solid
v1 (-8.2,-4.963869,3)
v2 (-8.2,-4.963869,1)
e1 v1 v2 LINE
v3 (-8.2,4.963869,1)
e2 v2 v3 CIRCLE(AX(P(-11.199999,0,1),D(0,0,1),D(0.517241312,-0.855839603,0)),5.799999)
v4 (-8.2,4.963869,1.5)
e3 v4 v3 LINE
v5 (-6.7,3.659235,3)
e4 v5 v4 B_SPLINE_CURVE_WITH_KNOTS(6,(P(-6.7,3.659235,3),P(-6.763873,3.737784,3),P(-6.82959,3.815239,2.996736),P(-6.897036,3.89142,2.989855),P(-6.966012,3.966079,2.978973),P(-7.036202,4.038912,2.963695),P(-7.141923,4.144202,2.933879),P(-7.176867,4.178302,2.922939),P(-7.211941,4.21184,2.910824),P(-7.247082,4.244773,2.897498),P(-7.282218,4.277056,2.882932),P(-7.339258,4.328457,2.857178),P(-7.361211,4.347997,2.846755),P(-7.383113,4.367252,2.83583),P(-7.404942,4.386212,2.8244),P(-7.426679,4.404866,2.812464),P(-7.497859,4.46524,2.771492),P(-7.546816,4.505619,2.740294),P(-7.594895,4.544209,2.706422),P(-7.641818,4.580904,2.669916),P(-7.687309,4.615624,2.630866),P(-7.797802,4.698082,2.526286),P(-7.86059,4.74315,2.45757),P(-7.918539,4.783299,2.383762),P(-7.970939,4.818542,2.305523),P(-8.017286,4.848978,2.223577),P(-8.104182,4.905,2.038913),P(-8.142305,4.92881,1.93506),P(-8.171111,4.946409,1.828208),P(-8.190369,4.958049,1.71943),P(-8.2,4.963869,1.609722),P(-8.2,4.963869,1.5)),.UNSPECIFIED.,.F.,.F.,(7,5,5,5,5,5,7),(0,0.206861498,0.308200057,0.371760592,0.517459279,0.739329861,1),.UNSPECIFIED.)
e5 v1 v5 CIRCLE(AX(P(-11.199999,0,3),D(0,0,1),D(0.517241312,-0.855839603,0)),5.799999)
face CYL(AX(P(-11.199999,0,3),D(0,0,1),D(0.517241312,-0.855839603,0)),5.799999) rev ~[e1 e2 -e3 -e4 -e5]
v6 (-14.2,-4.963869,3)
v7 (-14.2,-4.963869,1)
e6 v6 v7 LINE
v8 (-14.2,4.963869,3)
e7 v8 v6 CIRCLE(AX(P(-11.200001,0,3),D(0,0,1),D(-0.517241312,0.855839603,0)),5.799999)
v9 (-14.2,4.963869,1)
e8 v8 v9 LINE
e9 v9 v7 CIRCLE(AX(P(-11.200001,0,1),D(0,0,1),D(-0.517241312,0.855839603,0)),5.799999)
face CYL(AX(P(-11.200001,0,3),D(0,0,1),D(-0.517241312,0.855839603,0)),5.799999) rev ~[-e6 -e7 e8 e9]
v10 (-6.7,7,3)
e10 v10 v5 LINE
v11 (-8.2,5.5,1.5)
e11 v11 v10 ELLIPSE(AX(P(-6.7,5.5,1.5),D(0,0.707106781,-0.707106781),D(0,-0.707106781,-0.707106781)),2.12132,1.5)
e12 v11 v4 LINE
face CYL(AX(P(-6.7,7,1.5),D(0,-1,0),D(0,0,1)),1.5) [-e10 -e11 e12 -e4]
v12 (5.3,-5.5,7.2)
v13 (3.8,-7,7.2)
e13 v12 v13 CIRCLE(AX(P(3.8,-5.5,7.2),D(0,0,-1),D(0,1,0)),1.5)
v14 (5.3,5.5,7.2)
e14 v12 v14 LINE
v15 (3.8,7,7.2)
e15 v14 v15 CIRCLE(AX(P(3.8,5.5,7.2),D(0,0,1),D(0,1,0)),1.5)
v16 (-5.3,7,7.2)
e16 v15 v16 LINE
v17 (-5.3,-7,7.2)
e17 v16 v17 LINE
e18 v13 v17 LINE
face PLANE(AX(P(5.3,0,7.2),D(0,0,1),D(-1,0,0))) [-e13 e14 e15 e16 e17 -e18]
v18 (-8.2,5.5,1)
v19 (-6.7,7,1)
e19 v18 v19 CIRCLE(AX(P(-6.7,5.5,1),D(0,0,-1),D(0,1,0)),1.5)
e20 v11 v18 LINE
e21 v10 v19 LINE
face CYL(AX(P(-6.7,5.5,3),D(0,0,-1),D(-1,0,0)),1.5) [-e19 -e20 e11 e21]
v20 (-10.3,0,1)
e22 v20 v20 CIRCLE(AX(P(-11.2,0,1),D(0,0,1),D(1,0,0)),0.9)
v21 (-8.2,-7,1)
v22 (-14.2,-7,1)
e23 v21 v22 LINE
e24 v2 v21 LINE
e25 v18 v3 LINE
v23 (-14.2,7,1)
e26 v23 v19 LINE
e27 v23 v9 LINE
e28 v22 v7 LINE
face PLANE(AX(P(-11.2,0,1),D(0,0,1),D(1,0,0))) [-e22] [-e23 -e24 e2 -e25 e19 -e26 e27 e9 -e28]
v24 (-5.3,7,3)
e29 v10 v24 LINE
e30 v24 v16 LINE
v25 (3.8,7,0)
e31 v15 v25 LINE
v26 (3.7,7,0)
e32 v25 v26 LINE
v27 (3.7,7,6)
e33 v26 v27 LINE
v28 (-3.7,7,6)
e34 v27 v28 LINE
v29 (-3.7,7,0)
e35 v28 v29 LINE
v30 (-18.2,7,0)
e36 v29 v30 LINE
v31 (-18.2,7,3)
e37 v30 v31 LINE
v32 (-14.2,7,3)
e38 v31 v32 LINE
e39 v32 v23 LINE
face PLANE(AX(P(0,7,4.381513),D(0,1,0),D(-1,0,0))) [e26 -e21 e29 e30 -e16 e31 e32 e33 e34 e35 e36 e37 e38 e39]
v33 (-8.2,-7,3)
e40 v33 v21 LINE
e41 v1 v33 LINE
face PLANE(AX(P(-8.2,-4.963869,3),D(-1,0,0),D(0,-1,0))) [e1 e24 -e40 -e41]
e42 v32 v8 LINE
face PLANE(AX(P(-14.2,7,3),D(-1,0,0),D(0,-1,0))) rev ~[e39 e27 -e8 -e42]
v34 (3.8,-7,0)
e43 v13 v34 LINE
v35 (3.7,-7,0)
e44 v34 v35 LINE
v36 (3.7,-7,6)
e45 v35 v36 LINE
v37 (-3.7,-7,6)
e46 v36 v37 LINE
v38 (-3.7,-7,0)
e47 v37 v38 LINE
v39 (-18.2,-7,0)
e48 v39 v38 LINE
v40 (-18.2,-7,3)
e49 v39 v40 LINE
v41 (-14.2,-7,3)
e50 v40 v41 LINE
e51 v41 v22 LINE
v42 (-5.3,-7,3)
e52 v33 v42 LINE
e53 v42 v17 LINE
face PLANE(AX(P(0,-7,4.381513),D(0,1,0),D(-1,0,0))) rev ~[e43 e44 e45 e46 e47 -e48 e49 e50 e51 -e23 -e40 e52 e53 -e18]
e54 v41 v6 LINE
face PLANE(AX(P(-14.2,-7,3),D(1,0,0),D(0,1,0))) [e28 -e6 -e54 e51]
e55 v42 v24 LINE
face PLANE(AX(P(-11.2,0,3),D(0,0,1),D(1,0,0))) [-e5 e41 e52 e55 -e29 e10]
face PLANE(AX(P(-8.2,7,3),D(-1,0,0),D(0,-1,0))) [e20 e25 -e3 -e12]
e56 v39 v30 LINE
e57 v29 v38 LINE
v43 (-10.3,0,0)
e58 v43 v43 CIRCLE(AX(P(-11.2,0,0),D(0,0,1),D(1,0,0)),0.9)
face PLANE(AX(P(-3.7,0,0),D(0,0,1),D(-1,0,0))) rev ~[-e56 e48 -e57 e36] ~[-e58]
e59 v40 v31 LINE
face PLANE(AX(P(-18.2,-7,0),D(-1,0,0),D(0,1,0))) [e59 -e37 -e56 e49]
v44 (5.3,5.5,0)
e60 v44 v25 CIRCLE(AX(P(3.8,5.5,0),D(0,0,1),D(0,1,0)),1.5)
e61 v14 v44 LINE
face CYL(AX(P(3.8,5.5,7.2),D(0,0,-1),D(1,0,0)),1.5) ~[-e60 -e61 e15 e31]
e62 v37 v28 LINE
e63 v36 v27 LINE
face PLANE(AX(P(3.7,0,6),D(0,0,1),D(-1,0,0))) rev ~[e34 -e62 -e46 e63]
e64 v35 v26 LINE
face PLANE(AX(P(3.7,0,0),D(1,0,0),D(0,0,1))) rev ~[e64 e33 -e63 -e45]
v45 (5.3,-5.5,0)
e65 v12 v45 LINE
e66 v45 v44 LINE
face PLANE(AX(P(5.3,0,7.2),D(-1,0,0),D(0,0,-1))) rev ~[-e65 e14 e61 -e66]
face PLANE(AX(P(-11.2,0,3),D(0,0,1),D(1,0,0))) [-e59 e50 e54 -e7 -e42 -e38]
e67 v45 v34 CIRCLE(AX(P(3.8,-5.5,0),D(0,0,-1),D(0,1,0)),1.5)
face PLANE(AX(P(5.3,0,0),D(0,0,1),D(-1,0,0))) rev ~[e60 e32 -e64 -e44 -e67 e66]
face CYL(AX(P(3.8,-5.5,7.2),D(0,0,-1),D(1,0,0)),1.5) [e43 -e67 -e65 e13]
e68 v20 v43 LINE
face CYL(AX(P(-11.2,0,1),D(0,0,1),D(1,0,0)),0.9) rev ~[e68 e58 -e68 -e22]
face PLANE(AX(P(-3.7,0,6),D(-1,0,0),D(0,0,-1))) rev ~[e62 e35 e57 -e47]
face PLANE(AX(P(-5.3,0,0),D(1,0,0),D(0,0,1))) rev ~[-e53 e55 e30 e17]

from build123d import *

# Parameters (mm, degrees)
PAD_DEPTH       = 7
SKETCH006_W     = 14
SKETCH006_H     = 14
PAD002_DEPTH    = 3
POCKET004_DEPTH = 2
SKETCH008_R     = 0.9
POCKET005_DEPTH = 1.001
FILLET_R        = 1.5


with BuildPart() as clamp_unit:
    # Sketch → Pad (new body, symmetric)
    with BuildSketch(Plane.XZ):
        Polygon((-3.7, 7.2), (5.3, 7.2), (5.3, 0), (3.7, 0), (3.7, 6), (-3.7, 6), (-3.7, 0), (-5.3, 0), (-5.3, 7.2), align=None)
    extrude(amount=PAD_DEPTH, both=True)


with BuildPart() as wire_holder_single:
    # Sketch006 → Pad002 (new body)
    with BuildSketch(Plane.XY):
        Rectangle(SKETCH006_W, SKETCH006_H)
    extrude(amount=PAD002_DEPTH)

    # Sketch007 → Pocket004 (cut)
    with BuildSketch(Plane.XY.offset(3)):
        with BuildLine():
            Line((-3, 7), (-3, 4.963869))
            ThreePointArc((-3, 4.963869), (-5.8, 0), (-3, -4.963869))
            Line((-3, -7), (-3, -4.963869))
            Line((3, -7), (-3, -7))
            Line((3, -4.963869), (3, -7))
            ThreePointArc((3, -4.963869), (5.8, 0), (3, 4.963869))
            Line((3, 7), (3, 4.963869))
            Line((-3, 7), (3, 7))
        make_face()
    extrude(amount=-POCKET004_DEPTH, mode=Mode.SUBTRACT)

    # Sketch008 → Pocket005 (cut, through all)
    with BuildSketch(Plane.XY.offset(1)):
        Circle(SKETCH008_R)
    extrude(amount=-POCKET005_DEPTH, mode=Mode.SUBTRACT)


with BuildPart() as wire_holder_single_1:
    # Clone placement: moved
    add(wire_holder_single.part.moved(Location((-11.2, 0, 0))))

    # Fusion: union clamp-unit
    add(clamp_unit.part)

    # Fillet
    fillet_edges = [wire_holder_single_1.edges().sort_by_distance(p)[0] for p in [
        (-8.2, 7, 2),
        (-8.2, 5.981935, 3),
        (5.3, 7, 3.6),
        (5.3, -7, 3.6),
    ]]
    fillet(fillet_edges, radius=FILLET_R)


solid = wire_holder_single_1.part
